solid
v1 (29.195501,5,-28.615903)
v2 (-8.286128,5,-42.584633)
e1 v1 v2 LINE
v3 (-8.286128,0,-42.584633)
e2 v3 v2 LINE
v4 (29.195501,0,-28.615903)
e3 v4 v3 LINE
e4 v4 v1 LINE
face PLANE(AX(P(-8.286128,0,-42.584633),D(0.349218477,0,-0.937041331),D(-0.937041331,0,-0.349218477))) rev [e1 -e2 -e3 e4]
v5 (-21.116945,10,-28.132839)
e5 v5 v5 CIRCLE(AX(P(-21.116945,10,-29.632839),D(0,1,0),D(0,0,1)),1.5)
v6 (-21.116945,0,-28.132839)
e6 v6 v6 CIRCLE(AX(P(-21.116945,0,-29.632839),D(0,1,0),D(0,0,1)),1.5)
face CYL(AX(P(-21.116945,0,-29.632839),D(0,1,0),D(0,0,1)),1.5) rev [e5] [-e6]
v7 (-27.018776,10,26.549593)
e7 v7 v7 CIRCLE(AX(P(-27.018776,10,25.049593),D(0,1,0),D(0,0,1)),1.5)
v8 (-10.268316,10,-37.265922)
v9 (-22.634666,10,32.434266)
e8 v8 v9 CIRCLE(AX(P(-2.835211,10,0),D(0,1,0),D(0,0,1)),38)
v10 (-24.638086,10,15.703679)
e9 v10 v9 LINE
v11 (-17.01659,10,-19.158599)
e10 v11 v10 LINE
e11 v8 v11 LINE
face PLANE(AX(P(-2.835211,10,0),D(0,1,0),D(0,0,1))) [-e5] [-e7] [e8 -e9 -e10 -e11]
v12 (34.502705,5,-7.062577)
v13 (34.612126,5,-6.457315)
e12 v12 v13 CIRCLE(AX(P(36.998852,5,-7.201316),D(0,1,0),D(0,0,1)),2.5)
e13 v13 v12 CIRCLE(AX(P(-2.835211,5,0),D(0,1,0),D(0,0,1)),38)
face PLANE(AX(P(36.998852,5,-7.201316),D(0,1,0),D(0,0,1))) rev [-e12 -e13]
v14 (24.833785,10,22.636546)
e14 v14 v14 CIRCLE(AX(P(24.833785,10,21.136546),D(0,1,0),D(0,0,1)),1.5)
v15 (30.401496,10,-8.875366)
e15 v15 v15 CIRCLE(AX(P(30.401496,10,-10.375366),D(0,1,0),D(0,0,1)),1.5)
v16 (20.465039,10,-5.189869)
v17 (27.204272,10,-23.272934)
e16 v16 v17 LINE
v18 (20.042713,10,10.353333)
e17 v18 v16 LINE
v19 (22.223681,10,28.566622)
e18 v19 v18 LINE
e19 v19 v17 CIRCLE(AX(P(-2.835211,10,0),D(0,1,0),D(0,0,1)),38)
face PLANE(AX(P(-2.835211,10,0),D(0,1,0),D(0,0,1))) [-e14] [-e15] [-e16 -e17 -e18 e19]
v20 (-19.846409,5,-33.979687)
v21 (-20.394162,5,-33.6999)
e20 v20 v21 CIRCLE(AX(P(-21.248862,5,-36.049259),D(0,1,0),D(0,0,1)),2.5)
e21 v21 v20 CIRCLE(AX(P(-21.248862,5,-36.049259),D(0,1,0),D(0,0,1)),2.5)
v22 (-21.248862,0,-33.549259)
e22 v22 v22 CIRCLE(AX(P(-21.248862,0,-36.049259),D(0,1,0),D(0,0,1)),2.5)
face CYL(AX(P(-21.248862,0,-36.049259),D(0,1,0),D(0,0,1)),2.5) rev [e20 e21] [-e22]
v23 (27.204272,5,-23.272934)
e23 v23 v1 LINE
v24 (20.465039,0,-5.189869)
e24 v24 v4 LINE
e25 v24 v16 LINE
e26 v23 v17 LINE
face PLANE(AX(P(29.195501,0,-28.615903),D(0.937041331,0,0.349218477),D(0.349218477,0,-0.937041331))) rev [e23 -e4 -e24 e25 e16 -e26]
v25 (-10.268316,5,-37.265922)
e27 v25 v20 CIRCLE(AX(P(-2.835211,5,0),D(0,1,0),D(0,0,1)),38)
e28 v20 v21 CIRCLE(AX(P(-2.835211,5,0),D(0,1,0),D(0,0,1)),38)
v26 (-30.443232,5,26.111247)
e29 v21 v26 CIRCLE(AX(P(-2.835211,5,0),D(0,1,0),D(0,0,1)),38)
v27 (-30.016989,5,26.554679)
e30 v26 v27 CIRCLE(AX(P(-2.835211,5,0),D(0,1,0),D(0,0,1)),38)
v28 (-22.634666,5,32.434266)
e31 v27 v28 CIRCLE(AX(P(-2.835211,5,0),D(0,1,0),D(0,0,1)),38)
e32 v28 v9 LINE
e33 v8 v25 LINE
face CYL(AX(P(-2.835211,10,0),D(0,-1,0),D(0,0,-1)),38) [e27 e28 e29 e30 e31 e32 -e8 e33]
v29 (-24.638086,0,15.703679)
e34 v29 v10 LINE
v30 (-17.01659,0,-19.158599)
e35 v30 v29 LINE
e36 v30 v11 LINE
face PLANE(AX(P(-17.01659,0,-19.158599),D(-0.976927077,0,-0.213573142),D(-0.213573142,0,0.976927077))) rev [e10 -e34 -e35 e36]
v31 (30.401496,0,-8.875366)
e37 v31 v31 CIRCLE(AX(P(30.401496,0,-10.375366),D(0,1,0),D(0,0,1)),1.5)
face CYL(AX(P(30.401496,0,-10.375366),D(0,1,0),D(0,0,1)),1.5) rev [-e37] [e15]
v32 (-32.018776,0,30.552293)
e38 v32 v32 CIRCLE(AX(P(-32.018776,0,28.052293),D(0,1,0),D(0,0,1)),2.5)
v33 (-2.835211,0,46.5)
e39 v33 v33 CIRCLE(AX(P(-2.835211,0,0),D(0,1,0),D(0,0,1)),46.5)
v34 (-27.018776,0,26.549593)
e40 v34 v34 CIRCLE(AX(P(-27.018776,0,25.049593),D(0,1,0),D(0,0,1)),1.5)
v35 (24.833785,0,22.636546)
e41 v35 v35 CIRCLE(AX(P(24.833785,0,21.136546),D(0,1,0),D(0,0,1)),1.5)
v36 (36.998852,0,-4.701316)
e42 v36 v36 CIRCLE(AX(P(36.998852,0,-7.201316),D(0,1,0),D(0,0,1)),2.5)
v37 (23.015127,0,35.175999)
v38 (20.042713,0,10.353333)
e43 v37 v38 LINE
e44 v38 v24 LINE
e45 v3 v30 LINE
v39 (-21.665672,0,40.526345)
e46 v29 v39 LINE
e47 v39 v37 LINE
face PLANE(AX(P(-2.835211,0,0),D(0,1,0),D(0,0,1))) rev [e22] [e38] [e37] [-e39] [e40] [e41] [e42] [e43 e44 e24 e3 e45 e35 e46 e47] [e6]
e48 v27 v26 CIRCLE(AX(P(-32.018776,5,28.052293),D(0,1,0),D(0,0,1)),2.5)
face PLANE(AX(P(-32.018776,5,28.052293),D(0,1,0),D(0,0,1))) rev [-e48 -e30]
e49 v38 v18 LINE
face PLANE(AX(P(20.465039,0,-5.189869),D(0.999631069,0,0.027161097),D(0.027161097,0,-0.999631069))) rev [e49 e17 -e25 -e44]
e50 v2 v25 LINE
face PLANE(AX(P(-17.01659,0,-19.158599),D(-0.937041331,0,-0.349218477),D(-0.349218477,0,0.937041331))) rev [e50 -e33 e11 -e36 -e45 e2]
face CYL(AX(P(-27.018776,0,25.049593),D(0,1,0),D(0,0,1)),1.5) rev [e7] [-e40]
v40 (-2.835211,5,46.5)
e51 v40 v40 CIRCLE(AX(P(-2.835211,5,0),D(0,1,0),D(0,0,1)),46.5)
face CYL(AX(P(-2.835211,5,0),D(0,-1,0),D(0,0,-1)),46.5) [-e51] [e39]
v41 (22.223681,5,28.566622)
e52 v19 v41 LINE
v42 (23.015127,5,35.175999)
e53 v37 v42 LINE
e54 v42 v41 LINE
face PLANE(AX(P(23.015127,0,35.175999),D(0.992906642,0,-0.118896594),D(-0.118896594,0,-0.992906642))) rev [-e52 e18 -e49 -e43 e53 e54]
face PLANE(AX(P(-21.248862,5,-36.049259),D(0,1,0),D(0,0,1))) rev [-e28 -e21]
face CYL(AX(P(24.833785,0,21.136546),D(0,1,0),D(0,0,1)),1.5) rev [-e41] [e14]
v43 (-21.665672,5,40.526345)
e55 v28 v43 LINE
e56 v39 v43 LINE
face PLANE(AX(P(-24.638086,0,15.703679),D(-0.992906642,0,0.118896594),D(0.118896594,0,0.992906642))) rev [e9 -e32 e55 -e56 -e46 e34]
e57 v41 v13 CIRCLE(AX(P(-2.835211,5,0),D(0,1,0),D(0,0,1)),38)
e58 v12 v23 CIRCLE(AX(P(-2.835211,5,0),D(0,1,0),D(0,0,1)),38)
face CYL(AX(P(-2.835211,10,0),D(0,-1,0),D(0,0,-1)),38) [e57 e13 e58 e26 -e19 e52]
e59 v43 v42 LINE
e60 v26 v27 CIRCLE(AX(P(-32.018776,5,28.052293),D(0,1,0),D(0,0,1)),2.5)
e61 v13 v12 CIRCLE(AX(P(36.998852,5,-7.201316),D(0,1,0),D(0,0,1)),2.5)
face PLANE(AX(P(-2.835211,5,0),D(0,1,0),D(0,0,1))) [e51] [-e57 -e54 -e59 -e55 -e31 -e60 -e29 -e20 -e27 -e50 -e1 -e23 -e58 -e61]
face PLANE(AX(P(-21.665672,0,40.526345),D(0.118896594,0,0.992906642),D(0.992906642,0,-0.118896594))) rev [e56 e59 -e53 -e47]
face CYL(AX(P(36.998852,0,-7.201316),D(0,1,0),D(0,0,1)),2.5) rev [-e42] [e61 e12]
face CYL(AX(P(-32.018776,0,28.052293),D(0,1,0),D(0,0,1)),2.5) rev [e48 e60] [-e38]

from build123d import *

# Parameters (mm, degrees)
ESQUISSE1_R             = 46.5
BOSS_EXTRU_1_DEPTH      = 5
ESQUISSE3_R             = 38
BOSS_EXTRU_2_DEPTH      = 5
ESQUISSE4_R             = 2.5
ENL_V_MAT_EXTRU_1_DEPTH = 6
ESQUISSE5_R             = 1.5
ENL_V_MAT_EXTRU_2_DEPTH = 11
ENL_V_MAT_EXTRU_4_DEPTH = 11
ENL_V_MAT_EXTRU_5_DEPTH = 11
ENL_V_MAT_EXTRU_6_DEPTH = 11


with BuildPart() as part:
    # Esquisse1 → Boss.-Extru.1 (new body)
    with BuildSketch(Plane(origin=(0, 0, 0), x_dir=(1, 0, 0), z_dir=(0, 1, 0))):
        with Locations(Location((-2.835211314, 0, 0), (0, 0, 270))):  # turned: the seam where the file's is
            Circle(ESQUISSE1_R)
    extrude(amount=BOSS_EXTRU_1_DEPTH)

    # Esquisse3 → Boss.-Extru.2 (add)
    with BuildSketch(Plane(origin=(0, 5, 0), x_dir=(1, 0, 0), z_dir=(0, 1, 0))):
        with Locations(Location((-2.835211314, 0, 0), (0, 0, 270))):  # turned: the seam where the file's is
            Circle(ESQUISSE3_R)
    extrude(amount=BOSS_EXTRU_2_DEPTH)

    # Esquisse4 → Enlèv. mat.-Extru.1 (cut, through all)
    with BuildSketch(Plane(origin=(0, 5, 0), x_dir=(1, 0, 0), z_dir=(0, 1, 0))):
        with Locations(Location((-21.248861584, 36.049258979, 0), (0, 0, 270))):  # turned: the seam where the file's is
            Circle(ESQUISSE4_R)
        with Locations(Location((36.99885245, 7.201316076, 0), (0, 0, 270))):  # turned: the seam where the file's is
            Circle(ESQUISSE4_R)
        with Locations(Location((-32.01877618, -28.052292793, 0), (0, 0, 270))):  # turned: the seam where the file's is
            Circle(ESQUISSE4_R)
    extrude(amount=-ENL_V_MAT_EXTRU_1_DEPTH, mode=Mode.SUBTRACT)

    # Esquisse5 → Enlèv. mat.-Extru.2 (cut, through all)
    with BuildSketch(Plane(origin=(0, 10, 0), x_dir=(1, 0, 0), z_dir=(0, 1, 0))):
        with Locations(Location((-27.01877618, -25.04959308, 0), (0, 0, 270))):  # turned: the seam where the file's is
            Circle(ESQUISSE5_R)
        with Locations(Location((24.833784646, -21.136546209, 0), (0, 0, 270))):  # turned: the seam where the file's is
            Circle(ESQUISSE5_R)
        with Locations(Location((30.401495955, 10.375365678, 0), (0, 0, 270))):  # turned: the seam where the file's is
            Circle(ESQUISSE5_R)
        with Locations(Location((-21.116944618, 29.632839055, 0), (0, 0, 270))):  # turned: the seam where the file's is
            Circle(ESQUISSE5_R)
    extrude(amount=-ENL_V_MAT_EXTRU_2_DEPTH, mode=Mode.SUBTRACT)

    # Esquisse6 → Enlèv. mat.-Extru.4 (cut, through all)
    with BuildSketch(Plane(origin=(0, 10, 0), x_dir=(1, 0, 0), z_dir=(0, 1, 0))):
        Polygon((-17.016589785, 19.158599311), (-8.28612786, 42.584632577), (29.195500656, 28.615902705), (20.465038731, 5.189869439), align=None)
    extrude(amount=-ENL_V_MAT_EXTRU_4_DEPTH, mode=Mode.SUBTRACT)

    # Esquisse7 → Enlèv. mat.-Extru.5 (cut, through all)
    with BuildSketch(Plane(origin=(0, 10, 0), x_dir=(1, 0, 0), z_dir=(0, 1, 0))):
        Polygon((-24.638086397, -15.703679396), (-21.665671556, -40.526345449), (23.01512734, -35.175998737), (20.0427125, -10.353332683), align=None)
    extrude(amount=-ENL_V_MAT_EXTRU_5_DEPTH, mode=Mode.SUBTRACT)

    # Esquisse8 → Enlèv. mat.-Extru.6 (cut, through all)
    with BuildSketch(Plane(origin=(0, 10, 0), x_dir=(1, 0, 0), z_dir=(0, 1, 0))):
        Polygon((-17.016589785, 19.158599311), (-24.638086397, -15.703679396), (20.0427125, -10.353332683), (20.465038731, 5.189869439), align=None)
    extrude(amount=-ENL_V_MAT_EXTRU_6_DEPTH, mode=Mode.SUBTRACT)


solid = part.part
